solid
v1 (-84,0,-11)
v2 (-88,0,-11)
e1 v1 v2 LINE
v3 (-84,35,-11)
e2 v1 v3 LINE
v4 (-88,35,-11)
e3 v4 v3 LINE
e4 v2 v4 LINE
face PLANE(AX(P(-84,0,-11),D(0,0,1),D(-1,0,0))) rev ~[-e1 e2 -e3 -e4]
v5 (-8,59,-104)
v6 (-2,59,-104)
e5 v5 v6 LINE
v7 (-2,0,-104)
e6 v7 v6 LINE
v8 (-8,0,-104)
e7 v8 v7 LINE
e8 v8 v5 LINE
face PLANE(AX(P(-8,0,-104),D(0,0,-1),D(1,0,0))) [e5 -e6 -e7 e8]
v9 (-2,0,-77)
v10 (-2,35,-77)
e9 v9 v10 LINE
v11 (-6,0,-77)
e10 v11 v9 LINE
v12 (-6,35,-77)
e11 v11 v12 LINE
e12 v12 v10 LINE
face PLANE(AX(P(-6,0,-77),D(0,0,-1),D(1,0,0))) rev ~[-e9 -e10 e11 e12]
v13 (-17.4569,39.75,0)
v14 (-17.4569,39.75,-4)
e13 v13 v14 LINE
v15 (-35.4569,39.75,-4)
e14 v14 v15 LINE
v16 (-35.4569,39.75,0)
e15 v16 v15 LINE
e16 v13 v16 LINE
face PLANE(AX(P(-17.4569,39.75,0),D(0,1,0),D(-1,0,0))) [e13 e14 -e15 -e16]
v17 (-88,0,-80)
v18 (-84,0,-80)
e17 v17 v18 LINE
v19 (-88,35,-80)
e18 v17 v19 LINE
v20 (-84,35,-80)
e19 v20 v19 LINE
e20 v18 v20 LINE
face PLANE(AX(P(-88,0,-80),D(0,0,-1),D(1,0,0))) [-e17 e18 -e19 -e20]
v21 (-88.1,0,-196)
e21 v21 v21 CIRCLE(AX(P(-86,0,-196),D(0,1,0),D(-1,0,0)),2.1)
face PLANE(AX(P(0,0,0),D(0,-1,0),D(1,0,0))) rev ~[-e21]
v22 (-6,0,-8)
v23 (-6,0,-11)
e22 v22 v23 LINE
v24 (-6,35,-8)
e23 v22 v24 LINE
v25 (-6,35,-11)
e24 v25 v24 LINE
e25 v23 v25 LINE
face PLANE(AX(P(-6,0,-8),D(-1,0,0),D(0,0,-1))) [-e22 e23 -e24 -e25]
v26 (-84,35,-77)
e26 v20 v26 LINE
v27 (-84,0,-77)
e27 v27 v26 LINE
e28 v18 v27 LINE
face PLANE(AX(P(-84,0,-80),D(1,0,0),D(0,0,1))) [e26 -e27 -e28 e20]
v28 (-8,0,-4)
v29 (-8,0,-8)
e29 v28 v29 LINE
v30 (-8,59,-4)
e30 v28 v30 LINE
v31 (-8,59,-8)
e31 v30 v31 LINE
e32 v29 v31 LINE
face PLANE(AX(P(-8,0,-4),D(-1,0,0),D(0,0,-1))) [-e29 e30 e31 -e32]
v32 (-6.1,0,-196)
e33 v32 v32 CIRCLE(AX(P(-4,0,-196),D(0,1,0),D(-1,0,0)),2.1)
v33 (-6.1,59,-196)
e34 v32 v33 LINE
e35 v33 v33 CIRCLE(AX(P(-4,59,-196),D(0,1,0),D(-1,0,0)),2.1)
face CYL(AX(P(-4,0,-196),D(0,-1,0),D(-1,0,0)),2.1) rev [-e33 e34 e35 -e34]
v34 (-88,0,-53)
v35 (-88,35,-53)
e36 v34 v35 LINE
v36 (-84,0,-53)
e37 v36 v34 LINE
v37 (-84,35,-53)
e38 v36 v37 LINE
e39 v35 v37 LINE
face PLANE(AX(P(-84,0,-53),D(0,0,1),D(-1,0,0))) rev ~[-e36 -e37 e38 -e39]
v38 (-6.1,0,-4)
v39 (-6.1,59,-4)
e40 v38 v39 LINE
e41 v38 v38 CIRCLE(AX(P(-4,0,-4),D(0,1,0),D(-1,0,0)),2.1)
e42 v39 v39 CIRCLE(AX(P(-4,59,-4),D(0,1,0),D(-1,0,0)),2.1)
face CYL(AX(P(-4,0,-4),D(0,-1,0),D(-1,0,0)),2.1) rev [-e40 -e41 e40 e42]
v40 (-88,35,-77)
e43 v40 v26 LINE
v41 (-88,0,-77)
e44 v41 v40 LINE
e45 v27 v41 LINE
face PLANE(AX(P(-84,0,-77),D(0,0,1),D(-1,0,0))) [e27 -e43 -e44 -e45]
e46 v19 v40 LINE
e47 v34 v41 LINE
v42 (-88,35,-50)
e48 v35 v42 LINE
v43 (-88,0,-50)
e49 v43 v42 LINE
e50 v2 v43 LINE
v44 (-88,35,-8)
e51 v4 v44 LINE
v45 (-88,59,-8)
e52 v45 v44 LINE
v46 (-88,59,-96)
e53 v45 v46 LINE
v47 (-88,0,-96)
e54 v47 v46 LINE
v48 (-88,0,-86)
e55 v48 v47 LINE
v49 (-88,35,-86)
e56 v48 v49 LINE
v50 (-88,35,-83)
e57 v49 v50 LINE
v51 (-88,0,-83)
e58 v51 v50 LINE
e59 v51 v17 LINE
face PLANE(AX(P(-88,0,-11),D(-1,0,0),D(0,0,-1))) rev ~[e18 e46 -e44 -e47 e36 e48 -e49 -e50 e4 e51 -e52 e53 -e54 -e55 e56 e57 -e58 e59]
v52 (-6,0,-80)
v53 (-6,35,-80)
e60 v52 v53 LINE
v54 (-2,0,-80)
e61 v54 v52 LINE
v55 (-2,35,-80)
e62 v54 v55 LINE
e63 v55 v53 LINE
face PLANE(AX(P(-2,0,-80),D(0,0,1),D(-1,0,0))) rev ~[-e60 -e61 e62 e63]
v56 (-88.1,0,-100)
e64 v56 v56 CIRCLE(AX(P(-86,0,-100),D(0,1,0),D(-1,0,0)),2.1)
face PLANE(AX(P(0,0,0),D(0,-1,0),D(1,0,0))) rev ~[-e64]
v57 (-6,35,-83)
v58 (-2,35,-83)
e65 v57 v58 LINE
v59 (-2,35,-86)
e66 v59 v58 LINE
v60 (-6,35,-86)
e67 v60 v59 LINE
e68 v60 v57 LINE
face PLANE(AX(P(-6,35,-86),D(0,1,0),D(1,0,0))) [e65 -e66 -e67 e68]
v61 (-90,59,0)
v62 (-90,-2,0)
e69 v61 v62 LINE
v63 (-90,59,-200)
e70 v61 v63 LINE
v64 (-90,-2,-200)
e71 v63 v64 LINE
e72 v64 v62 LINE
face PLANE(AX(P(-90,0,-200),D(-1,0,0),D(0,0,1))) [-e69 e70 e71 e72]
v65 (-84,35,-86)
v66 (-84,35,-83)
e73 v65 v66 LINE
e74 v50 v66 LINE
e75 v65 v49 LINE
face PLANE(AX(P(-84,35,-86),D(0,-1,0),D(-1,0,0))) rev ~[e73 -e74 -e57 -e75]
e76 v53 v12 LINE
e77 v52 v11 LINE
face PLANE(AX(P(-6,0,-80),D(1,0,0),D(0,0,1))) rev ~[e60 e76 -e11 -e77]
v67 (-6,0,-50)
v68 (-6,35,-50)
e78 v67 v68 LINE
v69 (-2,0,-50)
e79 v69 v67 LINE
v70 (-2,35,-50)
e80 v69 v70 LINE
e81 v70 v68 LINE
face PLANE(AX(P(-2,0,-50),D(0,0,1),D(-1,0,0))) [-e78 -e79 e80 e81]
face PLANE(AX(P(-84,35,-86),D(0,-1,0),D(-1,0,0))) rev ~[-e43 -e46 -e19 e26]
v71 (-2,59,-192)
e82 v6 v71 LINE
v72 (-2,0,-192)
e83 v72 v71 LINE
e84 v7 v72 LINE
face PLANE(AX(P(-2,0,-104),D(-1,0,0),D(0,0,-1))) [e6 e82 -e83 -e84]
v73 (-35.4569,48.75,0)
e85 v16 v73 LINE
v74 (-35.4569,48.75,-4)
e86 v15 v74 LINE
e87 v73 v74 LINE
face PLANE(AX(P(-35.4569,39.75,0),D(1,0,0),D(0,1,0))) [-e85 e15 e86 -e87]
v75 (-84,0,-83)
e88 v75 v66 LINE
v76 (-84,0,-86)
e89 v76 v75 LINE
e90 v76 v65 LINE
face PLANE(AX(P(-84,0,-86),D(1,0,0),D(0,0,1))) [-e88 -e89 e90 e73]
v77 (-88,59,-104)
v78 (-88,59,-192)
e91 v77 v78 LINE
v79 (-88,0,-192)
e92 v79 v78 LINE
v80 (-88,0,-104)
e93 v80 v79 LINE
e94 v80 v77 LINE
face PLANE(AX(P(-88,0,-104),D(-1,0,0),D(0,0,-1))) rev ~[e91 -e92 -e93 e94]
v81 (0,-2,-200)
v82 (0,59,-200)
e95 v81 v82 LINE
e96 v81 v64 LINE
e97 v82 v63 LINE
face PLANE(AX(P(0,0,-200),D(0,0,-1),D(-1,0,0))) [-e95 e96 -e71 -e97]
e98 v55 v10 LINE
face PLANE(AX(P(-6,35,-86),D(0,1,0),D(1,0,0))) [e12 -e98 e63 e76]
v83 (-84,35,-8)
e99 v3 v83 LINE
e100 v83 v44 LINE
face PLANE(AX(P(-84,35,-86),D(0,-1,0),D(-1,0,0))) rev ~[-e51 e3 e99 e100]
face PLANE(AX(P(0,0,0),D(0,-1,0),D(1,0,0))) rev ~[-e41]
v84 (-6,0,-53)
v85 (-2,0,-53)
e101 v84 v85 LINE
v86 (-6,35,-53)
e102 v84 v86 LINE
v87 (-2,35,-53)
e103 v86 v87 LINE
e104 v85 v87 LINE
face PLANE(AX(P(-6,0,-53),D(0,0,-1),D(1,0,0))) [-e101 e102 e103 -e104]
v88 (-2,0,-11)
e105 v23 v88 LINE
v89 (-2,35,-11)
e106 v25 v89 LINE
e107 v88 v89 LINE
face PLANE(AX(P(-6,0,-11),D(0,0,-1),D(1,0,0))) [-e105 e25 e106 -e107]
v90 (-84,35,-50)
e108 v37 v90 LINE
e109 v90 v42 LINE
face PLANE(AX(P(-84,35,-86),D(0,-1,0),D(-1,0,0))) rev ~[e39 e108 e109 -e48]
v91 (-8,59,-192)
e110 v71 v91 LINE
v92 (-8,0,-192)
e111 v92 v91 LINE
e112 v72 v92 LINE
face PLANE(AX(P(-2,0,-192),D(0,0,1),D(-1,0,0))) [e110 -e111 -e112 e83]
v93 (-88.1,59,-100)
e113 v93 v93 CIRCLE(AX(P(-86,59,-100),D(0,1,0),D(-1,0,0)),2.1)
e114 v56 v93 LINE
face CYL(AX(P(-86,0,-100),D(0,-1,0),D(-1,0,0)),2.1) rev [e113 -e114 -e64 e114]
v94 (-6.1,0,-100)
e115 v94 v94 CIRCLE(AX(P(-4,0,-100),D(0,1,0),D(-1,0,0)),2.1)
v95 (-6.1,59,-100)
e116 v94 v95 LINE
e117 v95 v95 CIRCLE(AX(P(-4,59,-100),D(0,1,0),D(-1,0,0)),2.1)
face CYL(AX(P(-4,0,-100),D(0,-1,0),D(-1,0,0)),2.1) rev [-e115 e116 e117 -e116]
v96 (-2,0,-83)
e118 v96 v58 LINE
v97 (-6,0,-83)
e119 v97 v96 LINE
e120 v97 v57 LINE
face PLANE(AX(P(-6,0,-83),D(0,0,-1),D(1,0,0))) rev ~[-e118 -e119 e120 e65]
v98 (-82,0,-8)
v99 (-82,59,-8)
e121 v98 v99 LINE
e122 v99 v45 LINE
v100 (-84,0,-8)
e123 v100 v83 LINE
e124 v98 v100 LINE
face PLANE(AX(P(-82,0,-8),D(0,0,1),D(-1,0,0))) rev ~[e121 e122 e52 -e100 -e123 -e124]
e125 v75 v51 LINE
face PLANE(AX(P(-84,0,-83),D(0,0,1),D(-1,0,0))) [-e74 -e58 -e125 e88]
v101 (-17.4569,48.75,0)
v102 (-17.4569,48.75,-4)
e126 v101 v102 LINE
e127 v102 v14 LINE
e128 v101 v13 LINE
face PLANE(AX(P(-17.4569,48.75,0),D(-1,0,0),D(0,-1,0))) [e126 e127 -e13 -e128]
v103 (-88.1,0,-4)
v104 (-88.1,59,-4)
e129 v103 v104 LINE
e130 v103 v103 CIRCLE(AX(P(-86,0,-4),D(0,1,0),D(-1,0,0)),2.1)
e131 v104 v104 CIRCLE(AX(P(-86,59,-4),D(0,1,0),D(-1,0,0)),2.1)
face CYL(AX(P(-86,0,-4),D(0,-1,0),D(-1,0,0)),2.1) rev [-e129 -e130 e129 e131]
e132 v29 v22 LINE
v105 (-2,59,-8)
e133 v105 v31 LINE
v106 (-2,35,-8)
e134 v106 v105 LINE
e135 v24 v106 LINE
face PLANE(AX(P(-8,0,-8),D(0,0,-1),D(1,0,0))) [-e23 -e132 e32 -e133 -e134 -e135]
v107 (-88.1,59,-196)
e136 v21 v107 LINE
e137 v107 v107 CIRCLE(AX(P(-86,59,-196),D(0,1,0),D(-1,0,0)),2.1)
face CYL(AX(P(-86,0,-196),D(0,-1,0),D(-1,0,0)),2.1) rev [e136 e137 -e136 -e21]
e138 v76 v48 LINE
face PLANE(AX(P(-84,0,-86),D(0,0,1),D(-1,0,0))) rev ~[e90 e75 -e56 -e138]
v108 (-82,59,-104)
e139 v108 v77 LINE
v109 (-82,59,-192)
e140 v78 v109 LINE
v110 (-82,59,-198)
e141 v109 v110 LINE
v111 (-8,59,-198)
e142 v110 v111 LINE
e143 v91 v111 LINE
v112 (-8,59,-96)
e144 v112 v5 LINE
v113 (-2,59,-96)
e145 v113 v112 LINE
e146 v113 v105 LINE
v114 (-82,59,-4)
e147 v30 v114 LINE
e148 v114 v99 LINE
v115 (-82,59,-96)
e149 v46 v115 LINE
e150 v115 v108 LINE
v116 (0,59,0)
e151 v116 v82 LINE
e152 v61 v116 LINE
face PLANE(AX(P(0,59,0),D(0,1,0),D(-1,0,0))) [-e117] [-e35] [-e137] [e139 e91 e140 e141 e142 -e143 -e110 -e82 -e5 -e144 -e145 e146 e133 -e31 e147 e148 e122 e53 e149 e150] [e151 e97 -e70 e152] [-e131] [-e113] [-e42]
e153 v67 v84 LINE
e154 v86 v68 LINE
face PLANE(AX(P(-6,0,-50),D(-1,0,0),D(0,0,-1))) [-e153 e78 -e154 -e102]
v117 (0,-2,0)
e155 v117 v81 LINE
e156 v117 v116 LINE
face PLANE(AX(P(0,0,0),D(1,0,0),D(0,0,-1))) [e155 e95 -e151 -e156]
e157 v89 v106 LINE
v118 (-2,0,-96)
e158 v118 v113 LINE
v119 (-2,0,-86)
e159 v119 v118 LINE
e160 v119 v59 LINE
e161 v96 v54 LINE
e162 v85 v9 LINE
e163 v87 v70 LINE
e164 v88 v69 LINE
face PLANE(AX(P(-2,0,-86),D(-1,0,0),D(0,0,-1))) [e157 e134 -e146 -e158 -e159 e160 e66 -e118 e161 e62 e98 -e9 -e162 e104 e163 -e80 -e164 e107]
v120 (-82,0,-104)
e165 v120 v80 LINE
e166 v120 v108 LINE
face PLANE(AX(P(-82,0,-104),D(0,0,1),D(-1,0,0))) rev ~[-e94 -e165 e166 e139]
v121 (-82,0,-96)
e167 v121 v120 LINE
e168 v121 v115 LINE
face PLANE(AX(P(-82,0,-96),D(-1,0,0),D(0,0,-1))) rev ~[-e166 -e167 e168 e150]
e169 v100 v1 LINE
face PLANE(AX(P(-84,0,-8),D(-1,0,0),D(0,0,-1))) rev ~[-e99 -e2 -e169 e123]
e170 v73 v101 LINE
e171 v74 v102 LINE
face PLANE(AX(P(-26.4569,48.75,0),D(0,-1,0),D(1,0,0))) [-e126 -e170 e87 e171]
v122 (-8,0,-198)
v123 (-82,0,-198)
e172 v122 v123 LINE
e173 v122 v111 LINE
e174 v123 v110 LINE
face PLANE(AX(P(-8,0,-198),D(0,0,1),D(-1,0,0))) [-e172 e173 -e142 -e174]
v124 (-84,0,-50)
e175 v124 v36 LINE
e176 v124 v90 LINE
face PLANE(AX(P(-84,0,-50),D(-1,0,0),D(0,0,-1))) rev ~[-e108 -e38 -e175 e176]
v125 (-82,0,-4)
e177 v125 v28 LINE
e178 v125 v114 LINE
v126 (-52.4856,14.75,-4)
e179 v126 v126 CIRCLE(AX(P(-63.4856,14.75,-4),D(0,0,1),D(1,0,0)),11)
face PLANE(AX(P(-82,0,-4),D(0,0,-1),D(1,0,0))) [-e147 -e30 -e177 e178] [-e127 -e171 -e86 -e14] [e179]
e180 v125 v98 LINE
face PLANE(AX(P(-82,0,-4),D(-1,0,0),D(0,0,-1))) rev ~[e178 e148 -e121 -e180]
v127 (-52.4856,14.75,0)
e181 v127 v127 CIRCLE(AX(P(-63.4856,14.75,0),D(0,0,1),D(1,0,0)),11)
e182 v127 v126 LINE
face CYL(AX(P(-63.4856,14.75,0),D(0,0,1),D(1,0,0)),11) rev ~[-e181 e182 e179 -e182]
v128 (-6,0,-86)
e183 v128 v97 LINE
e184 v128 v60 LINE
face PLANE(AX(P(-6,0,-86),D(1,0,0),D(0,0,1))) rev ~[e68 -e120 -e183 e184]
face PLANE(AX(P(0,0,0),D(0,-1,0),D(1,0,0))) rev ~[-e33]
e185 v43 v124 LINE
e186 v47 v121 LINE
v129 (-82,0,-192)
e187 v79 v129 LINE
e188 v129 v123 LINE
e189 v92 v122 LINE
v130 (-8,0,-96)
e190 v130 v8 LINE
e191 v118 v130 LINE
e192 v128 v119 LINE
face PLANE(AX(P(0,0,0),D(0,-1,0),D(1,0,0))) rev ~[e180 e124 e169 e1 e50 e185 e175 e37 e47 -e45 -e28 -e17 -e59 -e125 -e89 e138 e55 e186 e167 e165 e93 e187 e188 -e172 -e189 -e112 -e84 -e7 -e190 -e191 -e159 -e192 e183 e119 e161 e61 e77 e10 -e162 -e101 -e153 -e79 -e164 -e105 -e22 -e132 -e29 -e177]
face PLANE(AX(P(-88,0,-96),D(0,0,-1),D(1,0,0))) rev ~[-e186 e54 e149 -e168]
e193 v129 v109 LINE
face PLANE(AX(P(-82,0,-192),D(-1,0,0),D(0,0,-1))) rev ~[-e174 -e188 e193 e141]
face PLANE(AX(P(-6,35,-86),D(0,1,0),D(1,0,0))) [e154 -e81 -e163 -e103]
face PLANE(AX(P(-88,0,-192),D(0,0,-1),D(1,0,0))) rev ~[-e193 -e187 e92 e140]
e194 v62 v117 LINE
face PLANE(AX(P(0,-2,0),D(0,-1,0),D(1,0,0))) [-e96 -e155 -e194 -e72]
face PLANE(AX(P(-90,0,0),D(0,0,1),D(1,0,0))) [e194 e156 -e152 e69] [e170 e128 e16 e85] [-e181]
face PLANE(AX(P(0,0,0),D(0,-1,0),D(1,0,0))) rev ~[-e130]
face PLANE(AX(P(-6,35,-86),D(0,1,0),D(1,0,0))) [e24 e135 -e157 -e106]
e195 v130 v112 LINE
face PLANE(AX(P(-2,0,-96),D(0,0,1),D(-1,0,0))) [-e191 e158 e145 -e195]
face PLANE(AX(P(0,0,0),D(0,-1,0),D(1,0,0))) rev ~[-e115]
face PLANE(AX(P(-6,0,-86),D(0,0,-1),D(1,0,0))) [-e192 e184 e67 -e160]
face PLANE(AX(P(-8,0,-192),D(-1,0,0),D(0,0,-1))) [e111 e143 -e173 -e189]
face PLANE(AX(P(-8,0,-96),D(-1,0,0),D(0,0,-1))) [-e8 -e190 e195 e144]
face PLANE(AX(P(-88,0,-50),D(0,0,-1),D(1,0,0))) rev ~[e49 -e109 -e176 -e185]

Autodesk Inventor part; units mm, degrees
ref_plane "YZ Plane" through (0, 0, 0) normal (1, 0, 0) x (0, 1, 0)
ref_plane "XZ Plane" through (0, 0, 0) normal (0, 1, 0) x (-1, 0, 0)
ref_plane "XY Plane" through (0, 0, 0) normal (0, 0, 1) x (1, 0, 0)
sketch "Sketch2" plane through (0, 0, 0) normal (0, 1, 0) x (-1, 0, 0)
  line L0 (0, 0) -> (0, -200)
  line L1 (0, -200) -> (90, -200)
  line L2 (90, -200) -> (90, 0)
  line L3 (90, 0) -> (0, 0)
  line L4 (0, 0) -> (0, -8)
  line L5 (2, -96) -> (8, -96)
  line L6 (8, -96) -> (8, -104)
  line L7 (8, -104) -> (2, -104)
  line L8 (2, -104) -> (2, -192)
  line L9 (2, -192) -> (8, -192)
  line L10 (8, -192) -> (8, -198)
  line L11 (8, -198) -> (45, -198)
  line L12 (8, -4) -> (45, -4)
  line L13 (8, -4) -> (8, -8)
  line L14 (88, -96) -> (82, -96)
  line L15 (82, -96) -> (82, -104)
  line L16 (82, -104) -> (88, -104)
  line L17 (88, -104) -> (88, -192)
  line L18 (88, -192) -> (82, -192)
  line L19 (82, -192) -> (82, -198)
  line L20 (82, -198) -> (45, -198)
  line L21 (82, -4) -> (45, -4)
  line L22 (82, -4) -> (82, -8)
  line L23 (90, -200) -> (90, -196)
  line L24 (0, -200) -> (0, -196)
  circle A0 centre (4, -196) radius 2.1
  circle A1 centre (86, -196) radius 2.1
  circle A2 centre (86, -100) radius 2.1
  circle A3 centre (86, -4) radius 2.1
  circle A4 centre (4, -4) radius 2.1
  circle A5 centre (4, -100) radius 2.1
  line L25 (6, -86) -> (6, -83)
  line L26 (6, -86) -> (2, -86)
  line L27 (2, -86) -> (2, -96)
  line L28 (6, -83) -> (2, -83)
  line L29 (2, -83) -> (2, -80)
  line L30 (2, -80) -> (6, -80)
  line L31 (6, -80) -> (6, -77)
  line L32 (6, -77) -> (2, -77)
  line L33 (84, -86) -> (84, -83)
  line L34 (84, -86) -> (88, -86)
  line L35 (84, -83) -> (88, -83)
  line L36 (88, -83) -> (88, -80)
  line L37 (88, -80) -> (84, -80)
  line L38 (84, -80) -> (84, -77)
  line L39 (84, -77) -> (88, -77)
  line L40 (88, -86) -> (88, -96)
  line L41 (84, -8) -> (84, -11)
  line L42 (84, -11) -> (88, -11)
  line L43 (88, -50) -> (84, -50)
  line L44 (84, -50) -> (84, -53)
  line L45 (84, -53) -> (88, -53)
  line L46 (82, -8) -> (84, -8)
  line L47 (88, -11) -> (88, -50)
  line L48 (88, -53) -> (88, -77)
  line L49 (6, -8) -> (6, -11)
  line L50 (6, -11) -> (2, -11)
  line L51 (2, -50) -> (6, -50)
  line L52 (6, -50) -> (6, -53)
  line L53 (6, -53) -> (2, -53)
  line L54 (8, -8) -> (6, -8)
  line L55 (2, -11) -> (2, -50)
  line L56 (2, -53) -> (2, -77)
  dimension "d1" = 200
  dimension "d2" = 90
  dimension "d3" = 200
  dimension "d4" = 8
  dimension "d5" = 8
  dimension "d8" = 6
  dimension "d9" = 8
  dimension "d10" = 6
  dimension "d11" = 88
  dimension "d12" = 6
  dimension "d13" = 6
  dimension "d41" = 4
  dimension "d43" = 4
  dimension "d45" = 4.2
  dimension "d46" = 4.2
  dimension "d47" = 4.2
  dimension "d48" = 4.2
  dimension "d49" = 4.2
  dimension "d50" = 4.2
  dimension "d87" = 3
  dimension "d88" = 4
  dimension "d89" = 4
  dimension "d90" = 3
  dimension "d92" = 4
  dimension "d93" = 3
  dimension "d94" = 4
  dimension "d96" = 3
  dimension "d98" = 3
extrude "Extrusion1" add sketch "Sketch2" along normal blind 59
sketch "Sketch11" plane through (-90, 0, 0) normal (0, 0, 1) x (1, 0, 0)
  circle A0 centre (26.5144, 14.75) radius 11
  line L0 (63.5431, 48.75) -> (72.5431, 48.75)
  line L1 (72.5431, 48.75) -> (72.5431, 39.75)
  line L2 (72.5431, 39.75) -> (54.5431, 39.75)
  line L3 (54.5431, 39.75) -> (54.5431, 48.75)
  line L4 (54.5431, 48.75) -> (63.5431, 48.75)
  dimension "d76" = 22
  dimension "d78" = 9
  dimension "d79" = 9
  dimension "d80" = 18
  dimension "d81" = 9
extrude "Extrusion7" cut sketch "Sketch11" against normal blind 5
sketch "Sketch12" plane through (0, 59, 0) normal (0, 1, 0) x (1, 0, 0)
  point P0 (0, 0)
sketch "Sketch13" plane through (-84, 0, -86) normal (0, 0, -1) x (-1, 0, 0)
  line L0 (0, 35) -> (4, 35)
  line L1 (0, 35) -> (0, 59)
  line L2 (0, 59) -> (4, 59) projected
  line L3 (0, 59) -> (4, 59)
  line L4 (4, 59) -> (4, 35)
  point P0 (-84, 0)
  point P1 (4, 0)
  point P2 (0, 0)
extrude "Extrusion8" cut sketch "Sketch13" against normal blind 78
sketch "Sketch14" plane through (-2, 0, -86) normal (0, 0, -1) x (-1, 0, 0)
  line L0 (4, 0) -> (4, 59) projected
  line L1 (4, 0) -> (4, 35)
  line L2 (4, 0) -> (39, 0) construction
  line L3 (4, 35) -> (0, 35)
  line L4 (0, 0) -> (0, 59) projected
  line L5 (0, 35) -> (0, 59)
  line L6 (0, 59) -> (4, 59)
  line L7 (4, 59) -> (4, 35)
  point P0 (-2, 0)
  dimension "d104" = 35
  dimension "d105" = 90
extrude "Extrusion9" cut sketch "Sketch14" against normal blind 78
sketch "Sketch15" plane through (0, 0, 0) normal (0, -1, 0) x (1, 0, 0)
  line L0 (-90, 0) -> (0, 0) projected
  line L1 (0, -200) -> (-90, -200) projected
  line L2 (0, 0) -> (0, -200)
  line L3 (0, -200) -> (-90, -200)
  line L4 (-90, -200) -> (-90, 0)
  line L5 (-90, 0) -> (0, 0)
extrude "Extrusion10" add sketch "Sketch15" along normal blind 2
properties part number "Housing Rev 3"
